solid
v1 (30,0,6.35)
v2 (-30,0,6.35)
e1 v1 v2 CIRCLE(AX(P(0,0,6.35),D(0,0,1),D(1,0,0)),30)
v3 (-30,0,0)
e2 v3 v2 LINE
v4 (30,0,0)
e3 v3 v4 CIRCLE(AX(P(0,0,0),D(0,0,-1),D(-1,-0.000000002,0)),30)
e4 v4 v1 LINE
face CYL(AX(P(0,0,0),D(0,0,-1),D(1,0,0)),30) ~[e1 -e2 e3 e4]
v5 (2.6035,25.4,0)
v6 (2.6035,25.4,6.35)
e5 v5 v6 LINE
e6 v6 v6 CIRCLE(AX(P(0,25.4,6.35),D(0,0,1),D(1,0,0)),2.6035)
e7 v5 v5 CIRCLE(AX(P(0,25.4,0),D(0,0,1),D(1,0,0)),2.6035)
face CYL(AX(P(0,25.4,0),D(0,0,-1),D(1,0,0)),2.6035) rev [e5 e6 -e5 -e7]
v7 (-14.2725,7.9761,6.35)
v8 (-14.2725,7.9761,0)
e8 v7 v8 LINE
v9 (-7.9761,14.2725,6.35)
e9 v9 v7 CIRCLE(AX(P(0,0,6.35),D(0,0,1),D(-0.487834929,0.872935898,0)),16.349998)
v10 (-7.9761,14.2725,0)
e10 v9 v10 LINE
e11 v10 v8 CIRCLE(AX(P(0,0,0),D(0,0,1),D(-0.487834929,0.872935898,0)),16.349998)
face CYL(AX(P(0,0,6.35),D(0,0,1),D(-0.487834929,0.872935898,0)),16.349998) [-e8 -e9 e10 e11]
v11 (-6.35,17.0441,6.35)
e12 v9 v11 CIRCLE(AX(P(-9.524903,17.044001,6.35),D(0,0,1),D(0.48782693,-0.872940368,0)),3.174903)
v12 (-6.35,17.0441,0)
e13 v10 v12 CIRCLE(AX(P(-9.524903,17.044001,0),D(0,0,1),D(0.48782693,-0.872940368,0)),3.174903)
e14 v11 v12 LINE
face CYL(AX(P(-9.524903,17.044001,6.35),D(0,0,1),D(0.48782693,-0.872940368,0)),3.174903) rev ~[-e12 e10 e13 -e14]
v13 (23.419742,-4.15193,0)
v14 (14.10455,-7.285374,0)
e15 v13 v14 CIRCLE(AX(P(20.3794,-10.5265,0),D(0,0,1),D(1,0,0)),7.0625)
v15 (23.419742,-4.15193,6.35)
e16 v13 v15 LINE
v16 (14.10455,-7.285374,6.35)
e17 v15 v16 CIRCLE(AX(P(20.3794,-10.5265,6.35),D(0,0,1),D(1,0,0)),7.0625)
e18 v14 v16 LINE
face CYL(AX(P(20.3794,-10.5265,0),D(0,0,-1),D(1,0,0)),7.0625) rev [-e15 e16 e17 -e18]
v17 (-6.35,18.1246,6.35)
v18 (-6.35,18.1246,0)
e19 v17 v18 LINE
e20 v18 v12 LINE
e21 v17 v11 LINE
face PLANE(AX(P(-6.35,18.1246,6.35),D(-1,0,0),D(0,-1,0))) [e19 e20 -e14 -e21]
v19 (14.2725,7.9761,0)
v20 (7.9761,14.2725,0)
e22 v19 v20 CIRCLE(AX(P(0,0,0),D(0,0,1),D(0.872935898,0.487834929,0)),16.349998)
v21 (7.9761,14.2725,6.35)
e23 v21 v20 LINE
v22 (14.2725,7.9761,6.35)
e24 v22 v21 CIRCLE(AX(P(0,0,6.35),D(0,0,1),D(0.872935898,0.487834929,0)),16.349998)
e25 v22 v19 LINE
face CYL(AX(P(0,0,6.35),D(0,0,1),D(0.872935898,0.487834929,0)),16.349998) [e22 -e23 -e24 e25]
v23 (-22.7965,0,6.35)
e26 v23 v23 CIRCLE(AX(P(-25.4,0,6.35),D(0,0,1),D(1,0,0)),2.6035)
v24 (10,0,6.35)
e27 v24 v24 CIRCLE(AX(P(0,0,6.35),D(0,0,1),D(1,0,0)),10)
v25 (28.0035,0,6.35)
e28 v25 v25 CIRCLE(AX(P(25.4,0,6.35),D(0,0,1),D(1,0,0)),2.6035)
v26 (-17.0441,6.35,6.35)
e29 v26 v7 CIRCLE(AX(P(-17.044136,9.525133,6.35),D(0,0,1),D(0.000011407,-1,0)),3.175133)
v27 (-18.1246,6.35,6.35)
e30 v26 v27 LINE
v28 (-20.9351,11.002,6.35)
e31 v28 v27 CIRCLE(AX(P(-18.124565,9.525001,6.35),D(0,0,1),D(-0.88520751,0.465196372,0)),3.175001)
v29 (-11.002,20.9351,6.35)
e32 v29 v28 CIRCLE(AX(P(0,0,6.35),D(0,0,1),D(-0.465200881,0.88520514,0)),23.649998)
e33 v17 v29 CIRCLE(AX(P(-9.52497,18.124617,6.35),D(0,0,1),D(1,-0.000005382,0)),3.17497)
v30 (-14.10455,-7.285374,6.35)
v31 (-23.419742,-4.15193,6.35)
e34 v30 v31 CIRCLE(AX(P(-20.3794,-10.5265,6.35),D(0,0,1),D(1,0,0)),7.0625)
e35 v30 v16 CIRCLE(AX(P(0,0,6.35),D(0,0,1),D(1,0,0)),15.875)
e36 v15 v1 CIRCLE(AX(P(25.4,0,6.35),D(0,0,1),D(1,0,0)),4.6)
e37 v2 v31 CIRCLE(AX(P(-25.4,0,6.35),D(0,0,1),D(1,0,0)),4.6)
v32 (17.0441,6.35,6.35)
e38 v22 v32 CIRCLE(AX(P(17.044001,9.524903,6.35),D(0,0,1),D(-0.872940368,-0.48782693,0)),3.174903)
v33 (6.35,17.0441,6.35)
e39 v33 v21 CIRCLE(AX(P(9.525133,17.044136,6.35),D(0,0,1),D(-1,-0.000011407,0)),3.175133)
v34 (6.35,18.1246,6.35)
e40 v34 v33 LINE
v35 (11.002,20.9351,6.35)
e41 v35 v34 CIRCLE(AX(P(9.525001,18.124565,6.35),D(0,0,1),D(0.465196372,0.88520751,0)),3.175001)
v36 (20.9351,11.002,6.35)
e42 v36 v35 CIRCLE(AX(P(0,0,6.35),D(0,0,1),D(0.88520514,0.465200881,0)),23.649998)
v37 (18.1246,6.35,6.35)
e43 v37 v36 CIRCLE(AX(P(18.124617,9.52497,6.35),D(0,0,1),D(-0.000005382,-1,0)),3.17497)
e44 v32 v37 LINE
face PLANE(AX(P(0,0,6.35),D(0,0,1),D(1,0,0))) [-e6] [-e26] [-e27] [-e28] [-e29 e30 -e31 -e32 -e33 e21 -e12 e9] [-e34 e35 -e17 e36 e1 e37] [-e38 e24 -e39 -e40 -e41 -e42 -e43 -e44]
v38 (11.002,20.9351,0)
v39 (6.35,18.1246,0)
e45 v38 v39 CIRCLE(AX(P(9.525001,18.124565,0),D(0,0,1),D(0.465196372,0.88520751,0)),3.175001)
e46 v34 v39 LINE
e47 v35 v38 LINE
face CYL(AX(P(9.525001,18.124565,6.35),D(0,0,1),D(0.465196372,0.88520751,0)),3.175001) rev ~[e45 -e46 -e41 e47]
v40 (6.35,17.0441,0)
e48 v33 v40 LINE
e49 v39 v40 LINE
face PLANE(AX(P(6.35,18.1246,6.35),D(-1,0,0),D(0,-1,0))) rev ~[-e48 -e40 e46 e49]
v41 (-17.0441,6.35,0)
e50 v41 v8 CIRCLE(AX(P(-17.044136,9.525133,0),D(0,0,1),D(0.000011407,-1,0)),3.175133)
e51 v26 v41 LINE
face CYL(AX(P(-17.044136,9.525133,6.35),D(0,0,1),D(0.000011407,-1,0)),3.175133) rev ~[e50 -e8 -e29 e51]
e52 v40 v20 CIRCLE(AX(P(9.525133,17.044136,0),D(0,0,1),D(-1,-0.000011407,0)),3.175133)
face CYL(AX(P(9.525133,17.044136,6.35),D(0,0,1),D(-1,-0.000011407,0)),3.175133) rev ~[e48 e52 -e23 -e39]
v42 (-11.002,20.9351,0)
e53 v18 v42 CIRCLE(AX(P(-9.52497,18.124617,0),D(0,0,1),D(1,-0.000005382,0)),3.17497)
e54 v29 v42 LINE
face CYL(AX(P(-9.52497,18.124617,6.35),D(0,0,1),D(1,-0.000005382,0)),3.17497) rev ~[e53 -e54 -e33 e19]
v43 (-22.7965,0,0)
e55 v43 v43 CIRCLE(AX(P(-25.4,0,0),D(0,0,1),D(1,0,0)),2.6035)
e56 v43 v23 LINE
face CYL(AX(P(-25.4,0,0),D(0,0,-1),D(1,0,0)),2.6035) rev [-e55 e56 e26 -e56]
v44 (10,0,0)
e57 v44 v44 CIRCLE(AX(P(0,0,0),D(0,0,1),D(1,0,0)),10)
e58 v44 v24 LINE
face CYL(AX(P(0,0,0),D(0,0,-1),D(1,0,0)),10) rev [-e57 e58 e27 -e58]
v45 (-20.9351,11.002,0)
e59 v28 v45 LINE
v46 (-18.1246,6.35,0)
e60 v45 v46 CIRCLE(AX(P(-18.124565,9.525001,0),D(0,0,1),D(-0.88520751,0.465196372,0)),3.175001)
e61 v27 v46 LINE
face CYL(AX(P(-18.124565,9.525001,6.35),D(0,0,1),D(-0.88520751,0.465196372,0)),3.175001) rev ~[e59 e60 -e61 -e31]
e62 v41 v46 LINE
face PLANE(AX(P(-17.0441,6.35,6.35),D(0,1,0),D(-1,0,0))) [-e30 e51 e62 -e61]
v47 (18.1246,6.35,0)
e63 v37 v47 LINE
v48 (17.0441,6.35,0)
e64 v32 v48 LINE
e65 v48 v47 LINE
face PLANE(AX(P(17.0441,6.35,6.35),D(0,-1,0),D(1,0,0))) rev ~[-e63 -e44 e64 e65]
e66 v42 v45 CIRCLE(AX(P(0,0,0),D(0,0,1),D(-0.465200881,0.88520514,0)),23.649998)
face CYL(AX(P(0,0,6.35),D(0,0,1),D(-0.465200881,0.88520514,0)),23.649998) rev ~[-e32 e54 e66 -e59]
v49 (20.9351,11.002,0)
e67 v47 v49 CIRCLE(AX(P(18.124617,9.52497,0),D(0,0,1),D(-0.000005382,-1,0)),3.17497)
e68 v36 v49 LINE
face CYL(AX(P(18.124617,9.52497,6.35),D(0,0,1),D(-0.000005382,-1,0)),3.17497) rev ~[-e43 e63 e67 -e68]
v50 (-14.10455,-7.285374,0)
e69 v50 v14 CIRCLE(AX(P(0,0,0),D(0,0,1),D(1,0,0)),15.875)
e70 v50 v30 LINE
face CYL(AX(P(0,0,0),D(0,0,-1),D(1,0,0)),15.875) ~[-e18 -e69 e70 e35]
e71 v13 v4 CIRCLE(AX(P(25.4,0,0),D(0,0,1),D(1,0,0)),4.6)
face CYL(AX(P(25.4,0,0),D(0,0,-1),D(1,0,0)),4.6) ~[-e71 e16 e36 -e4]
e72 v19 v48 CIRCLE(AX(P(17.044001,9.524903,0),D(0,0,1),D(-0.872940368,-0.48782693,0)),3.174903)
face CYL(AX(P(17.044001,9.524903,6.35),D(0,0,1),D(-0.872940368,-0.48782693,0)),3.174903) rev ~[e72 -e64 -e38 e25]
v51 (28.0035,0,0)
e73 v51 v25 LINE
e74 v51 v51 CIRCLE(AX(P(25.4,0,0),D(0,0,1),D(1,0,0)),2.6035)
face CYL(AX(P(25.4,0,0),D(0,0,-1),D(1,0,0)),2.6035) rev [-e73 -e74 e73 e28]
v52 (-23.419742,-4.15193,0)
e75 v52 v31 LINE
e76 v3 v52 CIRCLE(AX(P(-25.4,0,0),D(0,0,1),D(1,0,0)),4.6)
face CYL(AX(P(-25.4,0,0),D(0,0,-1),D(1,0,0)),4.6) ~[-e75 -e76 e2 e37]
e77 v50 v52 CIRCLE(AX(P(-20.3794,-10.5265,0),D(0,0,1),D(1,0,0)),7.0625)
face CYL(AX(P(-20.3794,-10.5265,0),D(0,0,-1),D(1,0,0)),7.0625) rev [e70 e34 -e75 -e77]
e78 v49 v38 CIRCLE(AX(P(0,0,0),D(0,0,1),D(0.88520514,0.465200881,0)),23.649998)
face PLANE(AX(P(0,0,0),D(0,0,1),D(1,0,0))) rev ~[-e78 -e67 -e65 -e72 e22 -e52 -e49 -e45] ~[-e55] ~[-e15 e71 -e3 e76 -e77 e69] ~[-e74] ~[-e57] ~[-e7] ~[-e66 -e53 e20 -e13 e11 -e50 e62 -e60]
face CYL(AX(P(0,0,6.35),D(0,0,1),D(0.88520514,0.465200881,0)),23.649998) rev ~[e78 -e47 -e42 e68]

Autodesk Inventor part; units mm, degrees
ref_plane "YZ Plane" through (0, 0, 0) normal (1, 0, 0) x (0, 1, 0)
ref_plane "XZ Plane" through (0, 0, 0) normal (0, 1, 0) x (-1, 0, 0)
ref_plane "XY Plane" through (0, 0, 0) normal (0, 0, 1) x (1, 0, 0)
sketch "Sketch1" plane through (0, 0, 0) normal (0, 0, 1) x (1, 0, 0)
  circle A0 centre (0, 0) radius 10
  circle A1 centre (0, 25.4) radius 2.6035
  circle A2 centre (25.4, 0) radius 2.6035
  circle A3 centre (0, 0) radius 25.4 construction
  circle A4 centre (0, 0) radius 30
  circle A5 centre (0, 25.4) radius 4.6
  circle A6 centre (25.4, 0) radius 4.6
  circle A7 centre (0, 0) radius 15.875
  circle A8 centre (-25.4, 0) radius 2.6035
  circle A9 centre (0, -25.4) radius 2.6035
  circle A10 centre (-25.4, 0) radius 4.6
  circle A11 centre (0, -25.4) radius 4.6
  circle A12 centre (-20.3794, -10.5265) radius 7.0625
  circle A13 centre (20.3794, -10.5265) radius 7.0625
  point P0 (30, 0)
  point P1 (0, 30)
  point P2 (14.1046, -7.2854)
  point P3 (23.4198, -4.1519)
  point P4 (-30, 0)
  point P5 (-23.4198, -4.1519)
  point P6 (-14.1046, -7.2854)
  dimension "d2" = 50.8
  dimension "d3" = 20
  dimension "d6" = 5.207
  dimension "d7" = 60
  dimension "d8" = 31.75
extrude "Extrusion1" add sketch "Sketch1" along normal blind 6.35 contours A5 | A6 A13 A7 A12 A10 A4 | A6 | A10 | A7
sketch "Sketch2" plane through (0, 0, 6.35) normal (0, 0, 1) x (1, 0, 0)
  circle A0 centre (0, 0) radius 10 construction
  arc A1 (30, 0) -> (-30, 0) centre (0, 0) ccw construction
  line L0 (0, 0) -> (0, 30) construction
  arc A2 (-11.002, 20.9351) -> (-20.9351, 11.002) centre (0, 0) ccw
  arc A3 (-7.9761, 14.2725) -> (-14.2725, 7.9761) centre (0, 0) ccw
  line L1 (-6.35, 18.1246) -> (-6.35, 17.0441)
  line L2 (-17.0441, 6.35) -> (-18.1246, 6.35)
  arc A4 (-20.9351, 11.002) -> (-18.1246, 6.35) centre (-18.1246, 9.525) ccw
  arc A5 (-17.0441, 6.35) -> (-14.2725, 7.9761) centre (-17.0441, 9.525) ccw
  arc A6 (-7.9761, 14.2725) -> (-6.35, 17.0441) centre (-9.525, 17.0441) ccw
  arc A7 (-6.35, 18.1246) -> (-11.002, 20.9351) centre (-9.525, 18.1246) ccw
  arc A8 (20.9351, 11.002) -> (11.002, 20.9351) centre (0, 0) ccw
  arc A9 (14.2725, 7.9761) -> (7.9761, 14.2725) centre (0, 0) ccw
  line L3 (6.35, 18.1246) -> (6.35, 17.0441)
  line L4 (17.0441, 6.35) -> (18.1246, 6.35)
  arc A10 (18.1246, 6.35) -> (20.9351, 11.002) centre (18.1246, 9.525) ccw
  arc A11 (14.2725, 7.9761) -> (17.0441, 6.35) centre (17.0441, 9.525) ccw
  arc A12 (6.35, 17.0441) -> (7.9761, 14.2725) centre (9.525, 17.0441) ccw
  arc A13 (11.002, 20.9351) -> (6.35, 18.1246) centre (9.525, 18.1246) ccw
  point P0 (-6.35, 22.7816)
  point P1 (-22.7816, 6.35)
  point P2 (-6.35, 15.0665)
  point P3 (-15.0665, 6.35)
  dimension "d9" = 6.35
  dimension "d10" = 6.35
  dimension "d11" = 6.35
  dimension "d12" = 6.35
  dimension "d13" = 3.175
extrude "Extrusion2" cut sketch "Sketch2" against normal through all
equation "\"d10\" = d9"
equation "\"d11\" = d9"
equation "\"d12\" = d9"
properties part number "MotorSpacer" material "ABS Plastic"
